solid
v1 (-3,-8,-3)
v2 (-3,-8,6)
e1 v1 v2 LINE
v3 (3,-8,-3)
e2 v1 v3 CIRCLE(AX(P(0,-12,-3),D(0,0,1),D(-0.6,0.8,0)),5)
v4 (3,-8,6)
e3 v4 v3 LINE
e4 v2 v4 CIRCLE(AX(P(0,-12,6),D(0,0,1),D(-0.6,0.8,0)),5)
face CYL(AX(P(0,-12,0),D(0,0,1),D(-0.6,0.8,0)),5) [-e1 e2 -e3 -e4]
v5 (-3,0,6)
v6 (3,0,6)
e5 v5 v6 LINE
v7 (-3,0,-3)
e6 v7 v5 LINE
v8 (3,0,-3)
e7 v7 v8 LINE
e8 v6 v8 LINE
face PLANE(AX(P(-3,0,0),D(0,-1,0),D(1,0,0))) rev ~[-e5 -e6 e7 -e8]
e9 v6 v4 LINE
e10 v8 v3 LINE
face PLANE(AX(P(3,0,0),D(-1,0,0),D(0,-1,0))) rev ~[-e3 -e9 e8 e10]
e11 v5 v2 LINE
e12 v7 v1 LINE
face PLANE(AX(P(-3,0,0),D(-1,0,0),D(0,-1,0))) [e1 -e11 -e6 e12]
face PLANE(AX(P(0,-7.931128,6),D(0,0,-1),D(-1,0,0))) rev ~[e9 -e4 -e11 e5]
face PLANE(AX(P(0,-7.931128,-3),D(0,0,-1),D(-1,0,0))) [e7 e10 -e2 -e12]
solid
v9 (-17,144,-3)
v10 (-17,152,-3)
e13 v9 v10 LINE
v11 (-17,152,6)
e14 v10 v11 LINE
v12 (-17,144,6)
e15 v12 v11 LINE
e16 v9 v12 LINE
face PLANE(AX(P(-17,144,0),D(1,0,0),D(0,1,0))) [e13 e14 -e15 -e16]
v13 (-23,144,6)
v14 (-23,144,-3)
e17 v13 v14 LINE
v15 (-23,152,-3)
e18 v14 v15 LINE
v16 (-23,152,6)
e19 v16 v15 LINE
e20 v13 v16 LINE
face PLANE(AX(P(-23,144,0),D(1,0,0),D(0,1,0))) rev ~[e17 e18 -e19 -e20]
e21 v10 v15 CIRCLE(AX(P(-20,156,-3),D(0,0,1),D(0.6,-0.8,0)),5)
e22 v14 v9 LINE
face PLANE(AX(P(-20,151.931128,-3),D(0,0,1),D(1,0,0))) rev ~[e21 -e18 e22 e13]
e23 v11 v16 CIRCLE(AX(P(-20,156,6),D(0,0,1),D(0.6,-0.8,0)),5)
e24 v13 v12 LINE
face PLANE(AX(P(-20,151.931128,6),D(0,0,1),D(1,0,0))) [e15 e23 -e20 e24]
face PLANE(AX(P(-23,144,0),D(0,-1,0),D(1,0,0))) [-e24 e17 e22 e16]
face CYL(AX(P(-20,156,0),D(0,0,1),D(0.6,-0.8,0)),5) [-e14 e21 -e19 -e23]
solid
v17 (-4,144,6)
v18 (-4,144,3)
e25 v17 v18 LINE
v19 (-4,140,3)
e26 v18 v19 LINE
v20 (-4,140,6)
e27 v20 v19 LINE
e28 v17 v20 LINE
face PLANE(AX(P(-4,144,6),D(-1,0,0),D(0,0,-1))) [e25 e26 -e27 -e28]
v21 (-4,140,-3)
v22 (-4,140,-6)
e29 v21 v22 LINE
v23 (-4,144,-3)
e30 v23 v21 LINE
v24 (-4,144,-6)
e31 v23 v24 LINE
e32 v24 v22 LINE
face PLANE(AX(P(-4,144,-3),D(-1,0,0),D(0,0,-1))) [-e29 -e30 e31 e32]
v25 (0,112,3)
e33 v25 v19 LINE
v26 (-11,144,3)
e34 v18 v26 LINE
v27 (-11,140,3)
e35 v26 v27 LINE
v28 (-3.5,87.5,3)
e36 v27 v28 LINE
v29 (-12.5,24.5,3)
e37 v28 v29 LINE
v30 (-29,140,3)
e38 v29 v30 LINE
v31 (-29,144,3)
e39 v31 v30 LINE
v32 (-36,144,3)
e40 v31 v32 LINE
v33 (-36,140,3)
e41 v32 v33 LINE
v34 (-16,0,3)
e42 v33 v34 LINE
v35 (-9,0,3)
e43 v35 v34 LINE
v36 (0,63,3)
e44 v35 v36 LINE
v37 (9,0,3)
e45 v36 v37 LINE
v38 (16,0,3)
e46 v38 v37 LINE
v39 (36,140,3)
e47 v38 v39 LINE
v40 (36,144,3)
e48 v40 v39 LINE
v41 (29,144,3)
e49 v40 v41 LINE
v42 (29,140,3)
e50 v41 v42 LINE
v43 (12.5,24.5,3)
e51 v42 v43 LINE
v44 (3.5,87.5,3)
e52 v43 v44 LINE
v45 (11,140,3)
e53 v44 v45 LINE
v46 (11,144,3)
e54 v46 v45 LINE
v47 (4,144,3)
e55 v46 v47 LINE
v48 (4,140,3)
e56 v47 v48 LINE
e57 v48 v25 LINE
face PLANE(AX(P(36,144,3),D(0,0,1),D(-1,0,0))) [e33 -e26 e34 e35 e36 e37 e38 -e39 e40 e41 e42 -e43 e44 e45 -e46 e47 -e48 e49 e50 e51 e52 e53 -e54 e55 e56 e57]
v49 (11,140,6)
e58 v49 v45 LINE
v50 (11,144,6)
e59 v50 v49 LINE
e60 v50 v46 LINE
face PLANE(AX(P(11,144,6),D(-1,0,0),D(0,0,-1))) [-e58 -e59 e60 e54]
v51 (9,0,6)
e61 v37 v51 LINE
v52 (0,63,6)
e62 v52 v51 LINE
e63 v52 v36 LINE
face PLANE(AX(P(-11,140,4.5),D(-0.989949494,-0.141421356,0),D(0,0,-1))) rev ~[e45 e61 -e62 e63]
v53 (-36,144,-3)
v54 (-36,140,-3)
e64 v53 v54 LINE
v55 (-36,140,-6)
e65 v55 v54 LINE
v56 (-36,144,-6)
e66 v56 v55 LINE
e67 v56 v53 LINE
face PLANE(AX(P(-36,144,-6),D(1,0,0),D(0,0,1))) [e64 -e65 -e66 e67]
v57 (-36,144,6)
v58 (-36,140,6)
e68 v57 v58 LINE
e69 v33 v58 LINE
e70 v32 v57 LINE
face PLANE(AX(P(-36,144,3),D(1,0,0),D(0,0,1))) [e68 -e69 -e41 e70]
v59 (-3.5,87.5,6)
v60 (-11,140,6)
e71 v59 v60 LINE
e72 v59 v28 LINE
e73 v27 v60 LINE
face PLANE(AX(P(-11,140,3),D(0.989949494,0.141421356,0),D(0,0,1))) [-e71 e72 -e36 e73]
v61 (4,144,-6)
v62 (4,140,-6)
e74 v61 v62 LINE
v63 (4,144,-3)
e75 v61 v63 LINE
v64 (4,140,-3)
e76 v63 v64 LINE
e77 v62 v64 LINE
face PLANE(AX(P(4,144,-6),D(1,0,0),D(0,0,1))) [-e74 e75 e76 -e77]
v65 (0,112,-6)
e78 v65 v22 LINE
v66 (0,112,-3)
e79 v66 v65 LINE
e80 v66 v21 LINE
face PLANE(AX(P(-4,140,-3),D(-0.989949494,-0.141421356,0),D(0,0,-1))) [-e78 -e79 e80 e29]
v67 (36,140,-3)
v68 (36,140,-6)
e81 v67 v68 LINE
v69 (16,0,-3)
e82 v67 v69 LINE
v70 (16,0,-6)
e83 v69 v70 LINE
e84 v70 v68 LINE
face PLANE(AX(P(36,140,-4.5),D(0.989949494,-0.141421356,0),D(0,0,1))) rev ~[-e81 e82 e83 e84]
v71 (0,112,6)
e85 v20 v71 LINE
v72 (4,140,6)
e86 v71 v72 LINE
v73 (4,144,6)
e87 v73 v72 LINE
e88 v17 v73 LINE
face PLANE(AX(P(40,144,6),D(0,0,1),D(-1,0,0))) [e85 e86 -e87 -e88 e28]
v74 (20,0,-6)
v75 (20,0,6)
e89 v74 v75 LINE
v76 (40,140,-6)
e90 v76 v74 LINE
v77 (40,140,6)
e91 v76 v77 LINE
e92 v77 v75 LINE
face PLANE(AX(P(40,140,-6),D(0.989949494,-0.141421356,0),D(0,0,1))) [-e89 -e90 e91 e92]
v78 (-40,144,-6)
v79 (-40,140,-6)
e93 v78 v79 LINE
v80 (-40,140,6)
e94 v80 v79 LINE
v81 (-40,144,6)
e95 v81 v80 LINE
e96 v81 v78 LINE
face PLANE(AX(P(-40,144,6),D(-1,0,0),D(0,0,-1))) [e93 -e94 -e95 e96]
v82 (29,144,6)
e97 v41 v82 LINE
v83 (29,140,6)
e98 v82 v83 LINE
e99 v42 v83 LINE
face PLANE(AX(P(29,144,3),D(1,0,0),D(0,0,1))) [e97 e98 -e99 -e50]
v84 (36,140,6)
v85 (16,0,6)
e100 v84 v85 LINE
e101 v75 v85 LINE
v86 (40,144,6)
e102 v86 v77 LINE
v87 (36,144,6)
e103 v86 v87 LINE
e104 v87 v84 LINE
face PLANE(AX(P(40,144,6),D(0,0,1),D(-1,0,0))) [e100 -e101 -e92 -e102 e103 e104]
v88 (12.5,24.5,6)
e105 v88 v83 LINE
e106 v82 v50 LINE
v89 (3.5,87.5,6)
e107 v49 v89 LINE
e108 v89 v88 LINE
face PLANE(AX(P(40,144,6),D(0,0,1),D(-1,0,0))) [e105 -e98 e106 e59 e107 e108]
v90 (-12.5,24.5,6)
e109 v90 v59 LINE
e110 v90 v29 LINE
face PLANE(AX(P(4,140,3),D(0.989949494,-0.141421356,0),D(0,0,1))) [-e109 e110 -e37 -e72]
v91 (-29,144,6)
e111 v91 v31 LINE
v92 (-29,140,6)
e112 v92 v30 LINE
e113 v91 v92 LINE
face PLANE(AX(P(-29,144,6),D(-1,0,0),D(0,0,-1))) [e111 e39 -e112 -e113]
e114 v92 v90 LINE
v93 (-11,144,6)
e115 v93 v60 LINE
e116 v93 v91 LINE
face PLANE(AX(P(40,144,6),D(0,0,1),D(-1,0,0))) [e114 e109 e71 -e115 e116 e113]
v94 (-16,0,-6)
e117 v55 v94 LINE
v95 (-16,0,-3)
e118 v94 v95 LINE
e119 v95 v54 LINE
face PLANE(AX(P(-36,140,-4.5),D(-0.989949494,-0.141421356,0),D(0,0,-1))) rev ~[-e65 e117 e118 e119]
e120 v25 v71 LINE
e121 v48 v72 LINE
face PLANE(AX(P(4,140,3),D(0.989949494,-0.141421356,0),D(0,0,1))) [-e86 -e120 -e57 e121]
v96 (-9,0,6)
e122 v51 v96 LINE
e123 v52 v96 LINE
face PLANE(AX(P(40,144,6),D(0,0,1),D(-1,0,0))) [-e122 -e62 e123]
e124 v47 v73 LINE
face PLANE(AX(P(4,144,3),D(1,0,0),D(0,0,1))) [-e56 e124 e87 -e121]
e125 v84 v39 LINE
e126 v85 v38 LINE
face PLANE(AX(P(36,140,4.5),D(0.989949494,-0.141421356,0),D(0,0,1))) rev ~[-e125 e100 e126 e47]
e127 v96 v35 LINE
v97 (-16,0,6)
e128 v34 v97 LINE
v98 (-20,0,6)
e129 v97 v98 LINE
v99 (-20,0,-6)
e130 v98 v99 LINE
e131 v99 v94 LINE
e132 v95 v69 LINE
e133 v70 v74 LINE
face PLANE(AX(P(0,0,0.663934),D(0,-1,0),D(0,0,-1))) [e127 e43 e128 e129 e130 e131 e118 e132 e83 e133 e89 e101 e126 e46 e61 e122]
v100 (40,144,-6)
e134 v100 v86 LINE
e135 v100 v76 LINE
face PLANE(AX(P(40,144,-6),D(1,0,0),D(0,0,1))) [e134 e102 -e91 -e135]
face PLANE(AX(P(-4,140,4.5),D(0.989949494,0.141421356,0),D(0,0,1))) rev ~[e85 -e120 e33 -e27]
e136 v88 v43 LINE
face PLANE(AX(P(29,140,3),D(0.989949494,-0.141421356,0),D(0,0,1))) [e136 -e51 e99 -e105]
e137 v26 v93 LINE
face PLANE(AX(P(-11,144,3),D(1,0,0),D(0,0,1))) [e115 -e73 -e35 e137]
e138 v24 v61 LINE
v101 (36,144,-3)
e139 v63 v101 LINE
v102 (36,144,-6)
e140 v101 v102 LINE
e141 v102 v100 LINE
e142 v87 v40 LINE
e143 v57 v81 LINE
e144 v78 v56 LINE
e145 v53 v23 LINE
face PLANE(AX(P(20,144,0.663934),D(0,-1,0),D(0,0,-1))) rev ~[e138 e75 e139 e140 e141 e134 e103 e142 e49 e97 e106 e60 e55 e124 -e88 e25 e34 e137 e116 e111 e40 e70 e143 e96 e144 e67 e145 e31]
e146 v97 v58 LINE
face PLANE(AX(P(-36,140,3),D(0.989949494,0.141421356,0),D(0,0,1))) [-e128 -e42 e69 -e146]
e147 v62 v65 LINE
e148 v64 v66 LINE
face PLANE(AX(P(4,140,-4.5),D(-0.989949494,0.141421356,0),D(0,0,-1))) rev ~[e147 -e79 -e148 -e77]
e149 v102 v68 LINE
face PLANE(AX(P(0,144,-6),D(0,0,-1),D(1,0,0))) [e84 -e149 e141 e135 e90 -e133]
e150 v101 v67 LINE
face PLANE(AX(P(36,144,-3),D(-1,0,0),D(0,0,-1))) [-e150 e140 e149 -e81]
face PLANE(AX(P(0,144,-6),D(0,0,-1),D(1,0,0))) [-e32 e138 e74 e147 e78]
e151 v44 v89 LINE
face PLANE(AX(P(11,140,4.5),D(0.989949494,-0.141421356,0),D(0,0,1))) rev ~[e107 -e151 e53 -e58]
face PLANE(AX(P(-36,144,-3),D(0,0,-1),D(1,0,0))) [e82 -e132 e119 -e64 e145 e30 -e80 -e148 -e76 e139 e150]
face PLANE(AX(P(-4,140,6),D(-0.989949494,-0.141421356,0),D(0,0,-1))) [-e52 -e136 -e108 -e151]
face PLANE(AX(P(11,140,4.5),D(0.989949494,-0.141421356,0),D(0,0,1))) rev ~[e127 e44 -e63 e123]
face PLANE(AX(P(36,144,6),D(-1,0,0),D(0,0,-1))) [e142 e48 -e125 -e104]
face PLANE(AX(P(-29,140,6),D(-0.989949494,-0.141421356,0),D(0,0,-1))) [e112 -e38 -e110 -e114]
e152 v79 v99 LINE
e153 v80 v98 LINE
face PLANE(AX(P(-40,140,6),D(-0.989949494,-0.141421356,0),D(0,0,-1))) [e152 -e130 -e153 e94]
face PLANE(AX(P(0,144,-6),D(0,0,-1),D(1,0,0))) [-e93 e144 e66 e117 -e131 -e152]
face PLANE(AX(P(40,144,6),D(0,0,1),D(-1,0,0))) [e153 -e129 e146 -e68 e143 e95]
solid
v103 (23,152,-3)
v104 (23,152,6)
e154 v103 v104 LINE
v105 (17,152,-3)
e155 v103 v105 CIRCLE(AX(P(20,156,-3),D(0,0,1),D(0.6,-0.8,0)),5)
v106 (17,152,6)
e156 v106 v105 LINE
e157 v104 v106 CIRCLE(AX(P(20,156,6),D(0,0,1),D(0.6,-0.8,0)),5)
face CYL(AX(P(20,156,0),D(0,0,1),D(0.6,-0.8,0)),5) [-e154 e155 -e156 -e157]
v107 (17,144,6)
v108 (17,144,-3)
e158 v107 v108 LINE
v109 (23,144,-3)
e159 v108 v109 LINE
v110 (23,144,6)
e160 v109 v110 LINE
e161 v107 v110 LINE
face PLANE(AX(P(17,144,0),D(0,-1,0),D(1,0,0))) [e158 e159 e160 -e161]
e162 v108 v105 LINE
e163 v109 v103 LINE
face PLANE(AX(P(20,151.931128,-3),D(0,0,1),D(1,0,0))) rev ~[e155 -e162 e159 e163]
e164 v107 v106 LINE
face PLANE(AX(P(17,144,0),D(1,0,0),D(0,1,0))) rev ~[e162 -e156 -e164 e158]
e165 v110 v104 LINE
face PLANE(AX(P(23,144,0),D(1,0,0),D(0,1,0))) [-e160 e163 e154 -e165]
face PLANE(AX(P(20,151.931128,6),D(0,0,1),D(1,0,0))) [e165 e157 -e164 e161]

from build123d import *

# Parameters (mm, degrees)
SKETCH004_W       = 32
SKETCH004_H       = 3
SKETCH005_W       = 7
SKETCH005_H       = 3
SKETCH006_W       = 7
SKETCH006_H       = 3
PAD_DEPTH         = 6
PAD_DEPTH_BACK    = 3
PAD001_DEPTH      = 6
PAD001_DEPTH_BACK = 3
PAD002_DEPTH      = 6
PAD002_DEPTH_BACK = 3


with BuildPart() as body:
    # AdditivePipe: sweep along a path in Sketch
    with BuildLine(Plane.XY) as additivepipe_path:
        Line((-20, 144), (-20, 140))
        Line((-20, 140), (0, 0))
    # Sketch002 → AdditivePipe (sweep)
    with BuildSketch(Plane.XZ):
        Polygon((-20, 6), (-20, -6), (-16, -6), (-16, -3), (-9, -3), (9, -3), (16, -3), (16, -6), (20, -6), (20, 6), (16, 6), (16, 3), (9, 3), (9, 6), (-9, 6), (-9, 3), (-16, 3), (-16, 6), align=None)
    sweep(path=additivepipe_path.line)

    # AdditivePipe001: sweep along a path in Sketch001
    with BuildLine(Plane.XY) as additivepipe001_path:
        Line((20, 144), (20, 140))
        Line((20, 140), (0, 0))
    # Sketch002 → AdditivePipe001 (sweep)
    with BuildSketch(Plane.XZ):
        Polygon((-20, 6), (-20, -6), (-16, -6), (-16, -3), (-9, -3), (9, -3), (16, -3), (16, -6), (20, -6), (20, 6), (16, 6), (16, 3), (9, 3), (9, 6), (-9, 6), (-9, 3), (-16, 3), (-16, 6), align=None)
    sweep(path=additivepipe001_path.line)

    # SubtractivePipe: sweep along a path in Sketch
    with BuildLine(Plane.XY) as subtractivepipe_path:
        Line((-20, 144), (-20, 140))
        Line((-20, 140), (0, 0))
    # Sketch004 → SubtractivePipe (sweep, cut)
    with BuildSketch(Plane.XZ):
        with Locations((0, -4.5)):
            Rectangle(SKETCH004_W, SKETCH004_H)
    sweep(path=subtractivepipe_path.line, mode=Mode.SUBTRACT)

    # SubtractivePipe001: sweep along a path in Sketch001
    with BuildLine(Plane.XY) as subtractivepipe001_path:
        Line((20, 144), (20, 140))
        Line((20, 140), (0, 0))
    # Sketch004 → SubtractivePipe001 (sweep, cut)
    with BuildSketch(Plane.XZ):
        with Locations((0, -4.5)):
            Rectangle(SKETCH004_W, SKETCH004_H)
    sweep(path=subtractivepipe001_path.line, mode=Mode.SUBTRACT)

    # SubtractivePipe002: sweep along a path in Sketch
    with BuildLine(Plane.XY) as subtractivepipe002_path:
        Line((-20, 144), (-20, 140))
        Line((-20, 140), (0, 0))
    # Sketch005 → SubtractivePipe002 (sweep, cut)
    with BuildSketch(Plane.XZ):
        with Locations((-12.5, 4.5)):
            Rectangle(SKETCH005_W, SKETCH005_H)
    sweep(path=subtractivepipe002_path.line, mode=Mode.SUBTRACT)

    # SubtractivePipe003: sweep along a path in Sketch001
    with BuildLine(Plane.XY) as subtractivepipe003_path:
        Line((20, 144), (20, 140))
        Line((20, 140), (0, 0))
    # Sketch005 → SubtractivePipe003 (sweep, cut)
    with BuildSketch(Plane.XZ):
        with Locations((-12.5, 4.5)):
            Rectangle(SKETCH005_W, SKETCH005_H)
    sweep(path=subtractivepipe003_path.line, mode=Mode.SUBTRACT)

    # SubtractivePipe004: sweep along a path in Sketch
    with BuildLine(Plane.XY) as subtractivepipe004_path:
        Line((-20, 144), (-20, 140))
        Line((-20, 140), (0, 0))
    # Sketch006 → SubtractivePipe004 (sweep, cut)
    with BuildSketch(Plane.XZ):
        with Locations((12.5, 4.5)):
            Rectangle(SKETCH006_W, SKETCH006_H)
    sweep(path=subtractivepipe004_path.line, mode=Mode.SUBTRACT)

    # SubtractivePipe005: sweep along a path in Sketch001
    with BuildLine(Plane.XY) as subtractivepipe005_path:
        Line((20, 144), (20, 140))
        Line((20, 140), (0, 0))
    # Sketch006 → SubtractivePipe005 (sweep, cut)
    with BuildSketch(Plane.XZ):
        with Locations((12.5, 4.5)):
            Rectangle(SKETCH006_W, SKETCH006_H)
    sweep(path=subtractivepipe005_path.line, mode=Mode.SUBTRACT)


with BuildPart() as body001:
    # Sketch009 → Pad (new body, two sides)
    with BuildSketch(Plane.XY) as pad_sk:
        with BuildLine():
            Line((-3, 0), (3, 0))
            Line((3, 0), (3, -8))
            ThreePointArc((-3, -8), (0, -17), (3, -8))
            Line((-3, 0), (-3, -8))
        make_face()
    extrude(amount=PAD_DEPTH)
    extrude(pad_sk.sketch, amount=-PAD_DEPTH_BACK)


with BuildPart() as male2:
    # Sketch010 → Pad001 (new body, two sides)
    with BuildSketch(Plane.XY) as pad001_sk:
        with BuildLine():
            Line((-23, 144), (-17, 144))
            Line((-17, 144), (-17, 152))
            ThreePointArc((-17, 152), (-20, 161), (-23, 152))
            Line((-23, 144), (-23, 152))
        make_face()
    extrude(amount=PAD001_DEPTH)
    extrude(pad001_sk.sketch, amount=-PAD001_DEPTH_BACK)


with BuildPart() as male3:
    # Sketch011 → Pad002 (new body, two sides)
    with BuildSketch(Plane.XY) as pad002_sk:
        with BuildLine():
            Line((17, 144), (23, 144))
            Line((23, 144), (23, 152))
            ThreePointArc((23, 152), (20, 161), (17, 152))
            Line((17, 144), (17, 152))
        make_face()
    extrude(amount=PAD002_DEPTH)
    extrude(pad002_sk.sketch, amount=-PAD002_DEPTH_BACK)


solid = Compound([body.part, body001.part, male2.part, male3.part])
